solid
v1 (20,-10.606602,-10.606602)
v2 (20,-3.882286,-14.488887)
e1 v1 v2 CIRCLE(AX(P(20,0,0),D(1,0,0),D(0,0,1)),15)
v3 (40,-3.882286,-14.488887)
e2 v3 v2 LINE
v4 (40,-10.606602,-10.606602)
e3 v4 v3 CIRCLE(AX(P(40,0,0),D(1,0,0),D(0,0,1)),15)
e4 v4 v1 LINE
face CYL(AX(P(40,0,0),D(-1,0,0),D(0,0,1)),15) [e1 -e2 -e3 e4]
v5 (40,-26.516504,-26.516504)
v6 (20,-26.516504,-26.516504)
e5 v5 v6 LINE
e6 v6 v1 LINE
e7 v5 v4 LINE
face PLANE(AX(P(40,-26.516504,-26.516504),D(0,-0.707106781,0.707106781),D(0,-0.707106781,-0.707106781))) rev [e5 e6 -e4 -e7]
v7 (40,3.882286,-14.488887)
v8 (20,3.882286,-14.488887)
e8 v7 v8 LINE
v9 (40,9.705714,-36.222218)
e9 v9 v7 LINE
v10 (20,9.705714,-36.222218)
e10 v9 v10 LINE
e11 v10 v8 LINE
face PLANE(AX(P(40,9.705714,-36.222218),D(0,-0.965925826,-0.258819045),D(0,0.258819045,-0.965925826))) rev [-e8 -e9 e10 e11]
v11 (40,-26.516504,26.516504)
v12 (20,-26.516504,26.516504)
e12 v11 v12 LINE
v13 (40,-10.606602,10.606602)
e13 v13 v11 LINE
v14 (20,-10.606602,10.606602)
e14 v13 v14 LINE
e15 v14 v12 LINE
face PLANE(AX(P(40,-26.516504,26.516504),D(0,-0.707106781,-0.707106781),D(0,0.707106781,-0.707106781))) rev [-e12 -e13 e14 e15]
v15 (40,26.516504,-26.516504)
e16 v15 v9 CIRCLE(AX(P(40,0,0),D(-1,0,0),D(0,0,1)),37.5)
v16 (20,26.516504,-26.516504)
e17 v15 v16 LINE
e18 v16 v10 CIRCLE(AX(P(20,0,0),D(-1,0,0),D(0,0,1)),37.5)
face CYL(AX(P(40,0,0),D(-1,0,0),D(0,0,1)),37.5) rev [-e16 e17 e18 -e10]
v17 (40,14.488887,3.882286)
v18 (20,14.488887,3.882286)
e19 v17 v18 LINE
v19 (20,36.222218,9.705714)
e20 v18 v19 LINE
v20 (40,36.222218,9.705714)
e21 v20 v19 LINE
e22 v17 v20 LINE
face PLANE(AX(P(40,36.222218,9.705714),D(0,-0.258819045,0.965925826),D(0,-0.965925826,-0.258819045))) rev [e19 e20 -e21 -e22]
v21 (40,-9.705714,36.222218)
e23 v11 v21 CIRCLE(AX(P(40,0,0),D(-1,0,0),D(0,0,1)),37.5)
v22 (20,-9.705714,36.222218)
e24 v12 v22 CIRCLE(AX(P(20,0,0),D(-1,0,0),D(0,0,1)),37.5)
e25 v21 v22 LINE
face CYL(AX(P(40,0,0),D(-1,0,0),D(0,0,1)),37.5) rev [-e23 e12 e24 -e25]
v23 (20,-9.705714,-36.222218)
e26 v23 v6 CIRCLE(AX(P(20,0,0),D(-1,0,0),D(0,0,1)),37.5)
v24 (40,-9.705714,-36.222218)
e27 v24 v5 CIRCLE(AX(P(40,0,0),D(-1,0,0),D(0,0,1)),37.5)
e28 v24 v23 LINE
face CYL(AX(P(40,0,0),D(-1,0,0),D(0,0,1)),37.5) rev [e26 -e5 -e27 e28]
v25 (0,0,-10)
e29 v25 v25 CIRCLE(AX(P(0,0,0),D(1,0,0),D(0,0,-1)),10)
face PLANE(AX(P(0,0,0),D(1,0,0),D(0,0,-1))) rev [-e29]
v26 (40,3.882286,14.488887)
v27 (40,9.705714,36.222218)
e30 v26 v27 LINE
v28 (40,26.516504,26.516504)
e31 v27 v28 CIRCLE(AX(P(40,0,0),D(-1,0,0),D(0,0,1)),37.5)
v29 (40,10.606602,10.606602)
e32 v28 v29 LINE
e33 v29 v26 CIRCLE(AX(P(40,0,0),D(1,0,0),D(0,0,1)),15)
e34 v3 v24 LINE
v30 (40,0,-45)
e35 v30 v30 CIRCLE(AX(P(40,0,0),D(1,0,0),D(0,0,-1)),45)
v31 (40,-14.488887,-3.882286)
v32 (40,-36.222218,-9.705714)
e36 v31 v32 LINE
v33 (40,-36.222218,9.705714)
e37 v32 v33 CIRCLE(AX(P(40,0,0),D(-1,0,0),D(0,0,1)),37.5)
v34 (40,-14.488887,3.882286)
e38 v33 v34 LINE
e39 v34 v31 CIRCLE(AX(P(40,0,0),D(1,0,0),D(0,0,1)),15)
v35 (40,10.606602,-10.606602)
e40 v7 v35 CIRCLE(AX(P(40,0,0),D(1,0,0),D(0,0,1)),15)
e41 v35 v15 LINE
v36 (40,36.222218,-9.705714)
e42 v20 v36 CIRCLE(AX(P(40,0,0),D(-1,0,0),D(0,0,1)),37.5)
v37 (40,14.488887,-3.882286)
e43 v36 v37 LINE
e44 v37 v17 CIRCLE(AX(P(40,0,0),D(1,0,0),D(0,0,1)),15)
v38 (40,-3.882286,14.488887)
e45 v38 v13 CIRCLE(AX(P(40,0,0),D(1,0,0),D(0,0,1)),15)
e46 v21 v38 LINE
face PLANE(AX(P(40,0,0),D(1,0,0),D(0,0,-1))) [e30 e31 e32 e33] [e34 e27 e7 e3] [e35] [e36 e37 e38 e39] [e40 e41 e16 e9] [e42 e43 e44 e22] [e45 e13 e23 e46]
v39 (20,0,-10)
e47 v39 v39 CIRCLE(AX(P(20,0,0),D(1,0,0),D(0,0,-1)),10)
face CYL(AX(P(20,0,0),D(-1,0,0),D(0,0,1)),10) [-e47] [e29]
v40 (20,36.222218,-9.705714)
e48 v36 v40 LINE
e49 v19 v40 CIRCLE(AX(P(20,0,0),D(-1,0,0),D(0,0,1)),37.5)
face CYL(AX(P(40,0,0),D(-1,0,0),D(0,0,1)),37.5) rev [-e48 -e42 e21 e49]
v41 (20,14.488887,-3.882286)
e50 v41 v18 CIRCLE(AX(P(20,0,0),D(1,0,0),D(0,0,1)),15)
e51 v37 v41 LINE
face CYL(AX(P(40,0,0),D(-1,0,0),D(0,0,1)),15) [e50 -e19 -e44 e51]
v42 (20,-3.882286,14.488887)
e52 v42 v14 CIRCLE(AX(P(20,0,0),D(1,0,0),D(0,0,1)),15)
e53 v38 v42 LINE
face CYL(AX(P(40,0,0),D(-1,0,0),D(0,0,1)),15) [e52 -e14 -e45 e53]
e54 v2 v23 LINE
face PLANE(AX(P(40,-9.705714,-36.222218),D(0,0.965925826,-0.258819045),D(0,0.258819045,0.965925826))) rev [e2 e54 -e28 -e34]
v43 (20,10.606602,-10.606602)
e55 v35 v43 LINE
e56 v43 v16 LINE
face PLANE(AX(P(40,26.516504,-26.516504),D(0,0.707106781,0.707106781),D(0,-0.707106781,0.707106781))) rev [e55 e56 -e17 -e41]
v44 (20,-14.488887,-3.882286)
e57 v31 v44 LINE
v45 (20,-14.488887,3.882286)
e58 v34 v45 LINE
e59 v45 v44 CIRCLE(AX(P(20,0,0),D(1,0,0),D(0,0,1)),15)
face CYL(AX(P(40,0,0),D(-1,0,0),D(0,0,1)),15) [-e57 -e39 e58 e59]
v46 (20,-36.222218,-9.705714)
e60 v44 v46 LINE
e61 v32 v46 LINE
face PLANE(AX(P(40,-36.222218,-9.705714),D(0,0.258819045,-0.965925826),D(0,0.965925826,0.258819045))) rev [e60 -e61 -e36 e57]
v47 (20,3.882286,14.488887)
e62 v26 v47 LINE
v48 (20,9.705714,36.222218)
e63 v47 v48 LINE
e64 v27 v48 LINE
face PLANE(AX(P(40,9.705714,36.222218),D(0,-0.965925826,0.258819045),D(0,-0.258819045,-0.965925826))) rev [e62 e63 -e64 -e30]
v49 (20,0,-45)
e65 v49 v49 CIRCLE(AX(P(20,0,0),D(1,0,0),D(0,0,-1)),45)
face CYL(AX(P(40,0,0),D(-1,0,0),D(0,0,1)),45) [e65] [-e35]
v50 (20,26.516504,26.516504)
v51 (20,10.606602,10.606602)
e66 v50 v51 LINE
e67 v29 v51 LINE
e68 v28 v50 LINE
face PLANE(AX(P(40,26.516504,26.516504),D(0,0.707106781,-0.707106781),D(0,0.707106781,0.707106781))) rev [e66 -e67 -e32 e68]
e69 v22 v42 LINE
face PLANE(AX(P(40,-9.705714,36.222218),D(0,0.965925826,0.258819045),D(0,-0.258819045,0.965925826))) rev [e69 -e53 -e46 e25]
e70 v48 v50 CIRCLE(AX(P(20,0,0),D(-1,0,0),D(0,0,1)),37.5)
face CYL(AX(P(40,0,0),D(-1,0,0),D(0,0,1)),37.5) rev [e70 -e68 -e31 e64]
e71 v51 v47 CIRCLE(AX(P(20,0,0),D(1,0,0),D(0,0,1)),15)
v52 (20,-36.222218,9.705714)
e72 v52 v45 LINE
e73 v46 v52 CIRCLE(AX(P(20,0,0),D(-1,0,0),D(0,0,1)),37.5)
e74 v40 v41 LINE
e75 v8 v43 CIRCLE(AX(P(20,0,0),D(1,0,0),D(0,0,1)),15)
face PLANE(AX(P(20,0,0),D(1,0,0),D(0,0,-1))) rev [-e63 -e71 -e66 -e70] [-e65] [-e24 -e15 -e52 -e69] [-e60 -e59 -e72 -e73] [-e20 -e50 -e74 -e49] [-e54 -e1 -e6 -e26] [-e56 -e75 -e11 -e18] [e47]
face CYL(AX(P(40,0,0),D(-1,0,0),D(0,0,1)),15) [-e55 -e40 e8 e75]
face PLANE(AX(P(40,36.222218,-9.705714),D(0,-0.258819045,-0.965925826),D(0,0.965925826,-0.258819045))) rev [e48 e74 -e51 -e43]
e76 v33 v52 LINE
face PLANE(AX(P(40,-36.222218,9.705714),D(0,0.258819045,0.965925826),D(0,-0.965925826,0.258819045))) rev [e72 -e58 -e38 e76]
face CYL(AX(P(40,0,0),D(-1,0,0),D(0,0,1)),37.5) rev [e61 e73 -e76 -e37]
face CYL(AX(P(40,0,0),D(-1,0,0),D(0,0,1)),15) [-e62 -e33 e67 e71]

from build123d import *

# Parameters (mm, degrees)
SKETCH_1_R          = 10
EXTRUDE_1_DEPTH     = 20
SKETCH_2_R          = 45
EXTRUDE_2_DEPTH     = 20
CUT_EXTRUDE_1_DEPTH = 20


with BuildPart() as part:
    # 草图1 → 凸台-拉伸1 (new body)
    with BuildSketch(Plane(origin=(0, 0, 0), x_dir=(0, 0, -1), z_dir=(1, 0, 0))):
        Circle(SKETCH_1_R)
    extrude(amount=EXTRUDE_1_DEPTH)

    # 草图2 → 凸台-拉伸2 (add)
    with BuildSketch(Plane(origin=(20, 0, 0), x_dir=(0, 0, -1), z_dir=(1, 0, 0))):
        Circle(SKETCH_2_R)
    extrude(amount=EXTRUDE_2_DEPTH)

    # 草图3 → 切除-拉伸1 (cut)
    with BuildSketch(Plane.ZY.offset(-20)):
        with BuildLine():
            Line((-9.705714191, 36.222218486), (-3.882285677, 14.488887394))
            ThreePointArc((-3.882285677, 14.488887394), (0, 15), (3.882285677, 14.488887394))
            Line((3.882285677, 14.488887394), (9.705714191, 36.222218486))
            ThreePointArc((9.705714191, 36.222218486), (0, 37.5), (-9.705714191, 36.222218486))
        make_face()
        with BuildLine():
            Line((26.516504294, 26.516504294), (10.606601718, 10.606601718))
            ThreePointArc((10.606601718, 10.606601718), (12.990381057, 7.5), (14.488887394, 3.882285677))
            Line((14.488887394, 3.882285677), (36.222218486, 9.705714191))
            ThreePointArc((36.222218486, 9.705714191), (32.475952642, 18.75), (26.516504294, 26.516504294))
        make_face()
        with BuildLine():
            Line((36.222218486, -9.705714191), (14.488887394, -3.882285677))
            ThreePointArc((14.488887394, -3.882285677), (12.990381057, -7.5), (10.606601718, -10.606601718))
            Line((10.606601718, -10.606601718), (26.516504294, -26.516504294))
            ThreePointArc((26.516504294, -26.516504294), (32.475952642, -18.75), (36.222218486, -9.705714191))
        make_face()
        with BuildLine():
            Line((9.705714191, -36.222218486), (3.882285677, -14.488887394))
            ThreePointArc((3.882285677, -14.488887394), (0, -15), (-3.882285677, -14.488887394))
            Line((-3.882285677, -14.488887394), (-9.705714191, -36.222218486))
            ThreePointArc((-9.705714191, -36.222218486), (0, -37.5), (9.705714191, -36.222218486))
        make_face()
        with BuildLine():
            Line((-26.516504294, -26.516504294), (-10.606601718, -10.606601718))
            ThreePointArc((-10.606601718, -10.606601718), (-12.990381057, -7.5), (-14.488887394, -3.882285677))
            Line((-14.488887394, -3.882285677), (-36.222218486, -9.705714191))
            ThreePointArc((-36.222218486, -9.705714191), (-32.475952642, -18.75), (-26.516504294, -26.516504294))
        make_face()
        with BuildLine():
            Line((-36.222218486, 9.705714191), (-14.488887394, 3.882285677))
            ThreePointArc((-14.488887394, 3.882285677), (-12.990381057, 7.5), (-10.606601718, 10.606601718))
            Line((-10.606601718, 10.606601718), (-26.516504294, 26.516504294))
            ThreePointArc((-26.516504294, 26.516504294), (-32.475952642, 18.75), (-36.222218486, 9.705714191))
        make_face()
    extrude(amount=-CUT_EXTRUDE_1_DEPTH, mode=Mode.SUBTRACT)


solid = part.part
